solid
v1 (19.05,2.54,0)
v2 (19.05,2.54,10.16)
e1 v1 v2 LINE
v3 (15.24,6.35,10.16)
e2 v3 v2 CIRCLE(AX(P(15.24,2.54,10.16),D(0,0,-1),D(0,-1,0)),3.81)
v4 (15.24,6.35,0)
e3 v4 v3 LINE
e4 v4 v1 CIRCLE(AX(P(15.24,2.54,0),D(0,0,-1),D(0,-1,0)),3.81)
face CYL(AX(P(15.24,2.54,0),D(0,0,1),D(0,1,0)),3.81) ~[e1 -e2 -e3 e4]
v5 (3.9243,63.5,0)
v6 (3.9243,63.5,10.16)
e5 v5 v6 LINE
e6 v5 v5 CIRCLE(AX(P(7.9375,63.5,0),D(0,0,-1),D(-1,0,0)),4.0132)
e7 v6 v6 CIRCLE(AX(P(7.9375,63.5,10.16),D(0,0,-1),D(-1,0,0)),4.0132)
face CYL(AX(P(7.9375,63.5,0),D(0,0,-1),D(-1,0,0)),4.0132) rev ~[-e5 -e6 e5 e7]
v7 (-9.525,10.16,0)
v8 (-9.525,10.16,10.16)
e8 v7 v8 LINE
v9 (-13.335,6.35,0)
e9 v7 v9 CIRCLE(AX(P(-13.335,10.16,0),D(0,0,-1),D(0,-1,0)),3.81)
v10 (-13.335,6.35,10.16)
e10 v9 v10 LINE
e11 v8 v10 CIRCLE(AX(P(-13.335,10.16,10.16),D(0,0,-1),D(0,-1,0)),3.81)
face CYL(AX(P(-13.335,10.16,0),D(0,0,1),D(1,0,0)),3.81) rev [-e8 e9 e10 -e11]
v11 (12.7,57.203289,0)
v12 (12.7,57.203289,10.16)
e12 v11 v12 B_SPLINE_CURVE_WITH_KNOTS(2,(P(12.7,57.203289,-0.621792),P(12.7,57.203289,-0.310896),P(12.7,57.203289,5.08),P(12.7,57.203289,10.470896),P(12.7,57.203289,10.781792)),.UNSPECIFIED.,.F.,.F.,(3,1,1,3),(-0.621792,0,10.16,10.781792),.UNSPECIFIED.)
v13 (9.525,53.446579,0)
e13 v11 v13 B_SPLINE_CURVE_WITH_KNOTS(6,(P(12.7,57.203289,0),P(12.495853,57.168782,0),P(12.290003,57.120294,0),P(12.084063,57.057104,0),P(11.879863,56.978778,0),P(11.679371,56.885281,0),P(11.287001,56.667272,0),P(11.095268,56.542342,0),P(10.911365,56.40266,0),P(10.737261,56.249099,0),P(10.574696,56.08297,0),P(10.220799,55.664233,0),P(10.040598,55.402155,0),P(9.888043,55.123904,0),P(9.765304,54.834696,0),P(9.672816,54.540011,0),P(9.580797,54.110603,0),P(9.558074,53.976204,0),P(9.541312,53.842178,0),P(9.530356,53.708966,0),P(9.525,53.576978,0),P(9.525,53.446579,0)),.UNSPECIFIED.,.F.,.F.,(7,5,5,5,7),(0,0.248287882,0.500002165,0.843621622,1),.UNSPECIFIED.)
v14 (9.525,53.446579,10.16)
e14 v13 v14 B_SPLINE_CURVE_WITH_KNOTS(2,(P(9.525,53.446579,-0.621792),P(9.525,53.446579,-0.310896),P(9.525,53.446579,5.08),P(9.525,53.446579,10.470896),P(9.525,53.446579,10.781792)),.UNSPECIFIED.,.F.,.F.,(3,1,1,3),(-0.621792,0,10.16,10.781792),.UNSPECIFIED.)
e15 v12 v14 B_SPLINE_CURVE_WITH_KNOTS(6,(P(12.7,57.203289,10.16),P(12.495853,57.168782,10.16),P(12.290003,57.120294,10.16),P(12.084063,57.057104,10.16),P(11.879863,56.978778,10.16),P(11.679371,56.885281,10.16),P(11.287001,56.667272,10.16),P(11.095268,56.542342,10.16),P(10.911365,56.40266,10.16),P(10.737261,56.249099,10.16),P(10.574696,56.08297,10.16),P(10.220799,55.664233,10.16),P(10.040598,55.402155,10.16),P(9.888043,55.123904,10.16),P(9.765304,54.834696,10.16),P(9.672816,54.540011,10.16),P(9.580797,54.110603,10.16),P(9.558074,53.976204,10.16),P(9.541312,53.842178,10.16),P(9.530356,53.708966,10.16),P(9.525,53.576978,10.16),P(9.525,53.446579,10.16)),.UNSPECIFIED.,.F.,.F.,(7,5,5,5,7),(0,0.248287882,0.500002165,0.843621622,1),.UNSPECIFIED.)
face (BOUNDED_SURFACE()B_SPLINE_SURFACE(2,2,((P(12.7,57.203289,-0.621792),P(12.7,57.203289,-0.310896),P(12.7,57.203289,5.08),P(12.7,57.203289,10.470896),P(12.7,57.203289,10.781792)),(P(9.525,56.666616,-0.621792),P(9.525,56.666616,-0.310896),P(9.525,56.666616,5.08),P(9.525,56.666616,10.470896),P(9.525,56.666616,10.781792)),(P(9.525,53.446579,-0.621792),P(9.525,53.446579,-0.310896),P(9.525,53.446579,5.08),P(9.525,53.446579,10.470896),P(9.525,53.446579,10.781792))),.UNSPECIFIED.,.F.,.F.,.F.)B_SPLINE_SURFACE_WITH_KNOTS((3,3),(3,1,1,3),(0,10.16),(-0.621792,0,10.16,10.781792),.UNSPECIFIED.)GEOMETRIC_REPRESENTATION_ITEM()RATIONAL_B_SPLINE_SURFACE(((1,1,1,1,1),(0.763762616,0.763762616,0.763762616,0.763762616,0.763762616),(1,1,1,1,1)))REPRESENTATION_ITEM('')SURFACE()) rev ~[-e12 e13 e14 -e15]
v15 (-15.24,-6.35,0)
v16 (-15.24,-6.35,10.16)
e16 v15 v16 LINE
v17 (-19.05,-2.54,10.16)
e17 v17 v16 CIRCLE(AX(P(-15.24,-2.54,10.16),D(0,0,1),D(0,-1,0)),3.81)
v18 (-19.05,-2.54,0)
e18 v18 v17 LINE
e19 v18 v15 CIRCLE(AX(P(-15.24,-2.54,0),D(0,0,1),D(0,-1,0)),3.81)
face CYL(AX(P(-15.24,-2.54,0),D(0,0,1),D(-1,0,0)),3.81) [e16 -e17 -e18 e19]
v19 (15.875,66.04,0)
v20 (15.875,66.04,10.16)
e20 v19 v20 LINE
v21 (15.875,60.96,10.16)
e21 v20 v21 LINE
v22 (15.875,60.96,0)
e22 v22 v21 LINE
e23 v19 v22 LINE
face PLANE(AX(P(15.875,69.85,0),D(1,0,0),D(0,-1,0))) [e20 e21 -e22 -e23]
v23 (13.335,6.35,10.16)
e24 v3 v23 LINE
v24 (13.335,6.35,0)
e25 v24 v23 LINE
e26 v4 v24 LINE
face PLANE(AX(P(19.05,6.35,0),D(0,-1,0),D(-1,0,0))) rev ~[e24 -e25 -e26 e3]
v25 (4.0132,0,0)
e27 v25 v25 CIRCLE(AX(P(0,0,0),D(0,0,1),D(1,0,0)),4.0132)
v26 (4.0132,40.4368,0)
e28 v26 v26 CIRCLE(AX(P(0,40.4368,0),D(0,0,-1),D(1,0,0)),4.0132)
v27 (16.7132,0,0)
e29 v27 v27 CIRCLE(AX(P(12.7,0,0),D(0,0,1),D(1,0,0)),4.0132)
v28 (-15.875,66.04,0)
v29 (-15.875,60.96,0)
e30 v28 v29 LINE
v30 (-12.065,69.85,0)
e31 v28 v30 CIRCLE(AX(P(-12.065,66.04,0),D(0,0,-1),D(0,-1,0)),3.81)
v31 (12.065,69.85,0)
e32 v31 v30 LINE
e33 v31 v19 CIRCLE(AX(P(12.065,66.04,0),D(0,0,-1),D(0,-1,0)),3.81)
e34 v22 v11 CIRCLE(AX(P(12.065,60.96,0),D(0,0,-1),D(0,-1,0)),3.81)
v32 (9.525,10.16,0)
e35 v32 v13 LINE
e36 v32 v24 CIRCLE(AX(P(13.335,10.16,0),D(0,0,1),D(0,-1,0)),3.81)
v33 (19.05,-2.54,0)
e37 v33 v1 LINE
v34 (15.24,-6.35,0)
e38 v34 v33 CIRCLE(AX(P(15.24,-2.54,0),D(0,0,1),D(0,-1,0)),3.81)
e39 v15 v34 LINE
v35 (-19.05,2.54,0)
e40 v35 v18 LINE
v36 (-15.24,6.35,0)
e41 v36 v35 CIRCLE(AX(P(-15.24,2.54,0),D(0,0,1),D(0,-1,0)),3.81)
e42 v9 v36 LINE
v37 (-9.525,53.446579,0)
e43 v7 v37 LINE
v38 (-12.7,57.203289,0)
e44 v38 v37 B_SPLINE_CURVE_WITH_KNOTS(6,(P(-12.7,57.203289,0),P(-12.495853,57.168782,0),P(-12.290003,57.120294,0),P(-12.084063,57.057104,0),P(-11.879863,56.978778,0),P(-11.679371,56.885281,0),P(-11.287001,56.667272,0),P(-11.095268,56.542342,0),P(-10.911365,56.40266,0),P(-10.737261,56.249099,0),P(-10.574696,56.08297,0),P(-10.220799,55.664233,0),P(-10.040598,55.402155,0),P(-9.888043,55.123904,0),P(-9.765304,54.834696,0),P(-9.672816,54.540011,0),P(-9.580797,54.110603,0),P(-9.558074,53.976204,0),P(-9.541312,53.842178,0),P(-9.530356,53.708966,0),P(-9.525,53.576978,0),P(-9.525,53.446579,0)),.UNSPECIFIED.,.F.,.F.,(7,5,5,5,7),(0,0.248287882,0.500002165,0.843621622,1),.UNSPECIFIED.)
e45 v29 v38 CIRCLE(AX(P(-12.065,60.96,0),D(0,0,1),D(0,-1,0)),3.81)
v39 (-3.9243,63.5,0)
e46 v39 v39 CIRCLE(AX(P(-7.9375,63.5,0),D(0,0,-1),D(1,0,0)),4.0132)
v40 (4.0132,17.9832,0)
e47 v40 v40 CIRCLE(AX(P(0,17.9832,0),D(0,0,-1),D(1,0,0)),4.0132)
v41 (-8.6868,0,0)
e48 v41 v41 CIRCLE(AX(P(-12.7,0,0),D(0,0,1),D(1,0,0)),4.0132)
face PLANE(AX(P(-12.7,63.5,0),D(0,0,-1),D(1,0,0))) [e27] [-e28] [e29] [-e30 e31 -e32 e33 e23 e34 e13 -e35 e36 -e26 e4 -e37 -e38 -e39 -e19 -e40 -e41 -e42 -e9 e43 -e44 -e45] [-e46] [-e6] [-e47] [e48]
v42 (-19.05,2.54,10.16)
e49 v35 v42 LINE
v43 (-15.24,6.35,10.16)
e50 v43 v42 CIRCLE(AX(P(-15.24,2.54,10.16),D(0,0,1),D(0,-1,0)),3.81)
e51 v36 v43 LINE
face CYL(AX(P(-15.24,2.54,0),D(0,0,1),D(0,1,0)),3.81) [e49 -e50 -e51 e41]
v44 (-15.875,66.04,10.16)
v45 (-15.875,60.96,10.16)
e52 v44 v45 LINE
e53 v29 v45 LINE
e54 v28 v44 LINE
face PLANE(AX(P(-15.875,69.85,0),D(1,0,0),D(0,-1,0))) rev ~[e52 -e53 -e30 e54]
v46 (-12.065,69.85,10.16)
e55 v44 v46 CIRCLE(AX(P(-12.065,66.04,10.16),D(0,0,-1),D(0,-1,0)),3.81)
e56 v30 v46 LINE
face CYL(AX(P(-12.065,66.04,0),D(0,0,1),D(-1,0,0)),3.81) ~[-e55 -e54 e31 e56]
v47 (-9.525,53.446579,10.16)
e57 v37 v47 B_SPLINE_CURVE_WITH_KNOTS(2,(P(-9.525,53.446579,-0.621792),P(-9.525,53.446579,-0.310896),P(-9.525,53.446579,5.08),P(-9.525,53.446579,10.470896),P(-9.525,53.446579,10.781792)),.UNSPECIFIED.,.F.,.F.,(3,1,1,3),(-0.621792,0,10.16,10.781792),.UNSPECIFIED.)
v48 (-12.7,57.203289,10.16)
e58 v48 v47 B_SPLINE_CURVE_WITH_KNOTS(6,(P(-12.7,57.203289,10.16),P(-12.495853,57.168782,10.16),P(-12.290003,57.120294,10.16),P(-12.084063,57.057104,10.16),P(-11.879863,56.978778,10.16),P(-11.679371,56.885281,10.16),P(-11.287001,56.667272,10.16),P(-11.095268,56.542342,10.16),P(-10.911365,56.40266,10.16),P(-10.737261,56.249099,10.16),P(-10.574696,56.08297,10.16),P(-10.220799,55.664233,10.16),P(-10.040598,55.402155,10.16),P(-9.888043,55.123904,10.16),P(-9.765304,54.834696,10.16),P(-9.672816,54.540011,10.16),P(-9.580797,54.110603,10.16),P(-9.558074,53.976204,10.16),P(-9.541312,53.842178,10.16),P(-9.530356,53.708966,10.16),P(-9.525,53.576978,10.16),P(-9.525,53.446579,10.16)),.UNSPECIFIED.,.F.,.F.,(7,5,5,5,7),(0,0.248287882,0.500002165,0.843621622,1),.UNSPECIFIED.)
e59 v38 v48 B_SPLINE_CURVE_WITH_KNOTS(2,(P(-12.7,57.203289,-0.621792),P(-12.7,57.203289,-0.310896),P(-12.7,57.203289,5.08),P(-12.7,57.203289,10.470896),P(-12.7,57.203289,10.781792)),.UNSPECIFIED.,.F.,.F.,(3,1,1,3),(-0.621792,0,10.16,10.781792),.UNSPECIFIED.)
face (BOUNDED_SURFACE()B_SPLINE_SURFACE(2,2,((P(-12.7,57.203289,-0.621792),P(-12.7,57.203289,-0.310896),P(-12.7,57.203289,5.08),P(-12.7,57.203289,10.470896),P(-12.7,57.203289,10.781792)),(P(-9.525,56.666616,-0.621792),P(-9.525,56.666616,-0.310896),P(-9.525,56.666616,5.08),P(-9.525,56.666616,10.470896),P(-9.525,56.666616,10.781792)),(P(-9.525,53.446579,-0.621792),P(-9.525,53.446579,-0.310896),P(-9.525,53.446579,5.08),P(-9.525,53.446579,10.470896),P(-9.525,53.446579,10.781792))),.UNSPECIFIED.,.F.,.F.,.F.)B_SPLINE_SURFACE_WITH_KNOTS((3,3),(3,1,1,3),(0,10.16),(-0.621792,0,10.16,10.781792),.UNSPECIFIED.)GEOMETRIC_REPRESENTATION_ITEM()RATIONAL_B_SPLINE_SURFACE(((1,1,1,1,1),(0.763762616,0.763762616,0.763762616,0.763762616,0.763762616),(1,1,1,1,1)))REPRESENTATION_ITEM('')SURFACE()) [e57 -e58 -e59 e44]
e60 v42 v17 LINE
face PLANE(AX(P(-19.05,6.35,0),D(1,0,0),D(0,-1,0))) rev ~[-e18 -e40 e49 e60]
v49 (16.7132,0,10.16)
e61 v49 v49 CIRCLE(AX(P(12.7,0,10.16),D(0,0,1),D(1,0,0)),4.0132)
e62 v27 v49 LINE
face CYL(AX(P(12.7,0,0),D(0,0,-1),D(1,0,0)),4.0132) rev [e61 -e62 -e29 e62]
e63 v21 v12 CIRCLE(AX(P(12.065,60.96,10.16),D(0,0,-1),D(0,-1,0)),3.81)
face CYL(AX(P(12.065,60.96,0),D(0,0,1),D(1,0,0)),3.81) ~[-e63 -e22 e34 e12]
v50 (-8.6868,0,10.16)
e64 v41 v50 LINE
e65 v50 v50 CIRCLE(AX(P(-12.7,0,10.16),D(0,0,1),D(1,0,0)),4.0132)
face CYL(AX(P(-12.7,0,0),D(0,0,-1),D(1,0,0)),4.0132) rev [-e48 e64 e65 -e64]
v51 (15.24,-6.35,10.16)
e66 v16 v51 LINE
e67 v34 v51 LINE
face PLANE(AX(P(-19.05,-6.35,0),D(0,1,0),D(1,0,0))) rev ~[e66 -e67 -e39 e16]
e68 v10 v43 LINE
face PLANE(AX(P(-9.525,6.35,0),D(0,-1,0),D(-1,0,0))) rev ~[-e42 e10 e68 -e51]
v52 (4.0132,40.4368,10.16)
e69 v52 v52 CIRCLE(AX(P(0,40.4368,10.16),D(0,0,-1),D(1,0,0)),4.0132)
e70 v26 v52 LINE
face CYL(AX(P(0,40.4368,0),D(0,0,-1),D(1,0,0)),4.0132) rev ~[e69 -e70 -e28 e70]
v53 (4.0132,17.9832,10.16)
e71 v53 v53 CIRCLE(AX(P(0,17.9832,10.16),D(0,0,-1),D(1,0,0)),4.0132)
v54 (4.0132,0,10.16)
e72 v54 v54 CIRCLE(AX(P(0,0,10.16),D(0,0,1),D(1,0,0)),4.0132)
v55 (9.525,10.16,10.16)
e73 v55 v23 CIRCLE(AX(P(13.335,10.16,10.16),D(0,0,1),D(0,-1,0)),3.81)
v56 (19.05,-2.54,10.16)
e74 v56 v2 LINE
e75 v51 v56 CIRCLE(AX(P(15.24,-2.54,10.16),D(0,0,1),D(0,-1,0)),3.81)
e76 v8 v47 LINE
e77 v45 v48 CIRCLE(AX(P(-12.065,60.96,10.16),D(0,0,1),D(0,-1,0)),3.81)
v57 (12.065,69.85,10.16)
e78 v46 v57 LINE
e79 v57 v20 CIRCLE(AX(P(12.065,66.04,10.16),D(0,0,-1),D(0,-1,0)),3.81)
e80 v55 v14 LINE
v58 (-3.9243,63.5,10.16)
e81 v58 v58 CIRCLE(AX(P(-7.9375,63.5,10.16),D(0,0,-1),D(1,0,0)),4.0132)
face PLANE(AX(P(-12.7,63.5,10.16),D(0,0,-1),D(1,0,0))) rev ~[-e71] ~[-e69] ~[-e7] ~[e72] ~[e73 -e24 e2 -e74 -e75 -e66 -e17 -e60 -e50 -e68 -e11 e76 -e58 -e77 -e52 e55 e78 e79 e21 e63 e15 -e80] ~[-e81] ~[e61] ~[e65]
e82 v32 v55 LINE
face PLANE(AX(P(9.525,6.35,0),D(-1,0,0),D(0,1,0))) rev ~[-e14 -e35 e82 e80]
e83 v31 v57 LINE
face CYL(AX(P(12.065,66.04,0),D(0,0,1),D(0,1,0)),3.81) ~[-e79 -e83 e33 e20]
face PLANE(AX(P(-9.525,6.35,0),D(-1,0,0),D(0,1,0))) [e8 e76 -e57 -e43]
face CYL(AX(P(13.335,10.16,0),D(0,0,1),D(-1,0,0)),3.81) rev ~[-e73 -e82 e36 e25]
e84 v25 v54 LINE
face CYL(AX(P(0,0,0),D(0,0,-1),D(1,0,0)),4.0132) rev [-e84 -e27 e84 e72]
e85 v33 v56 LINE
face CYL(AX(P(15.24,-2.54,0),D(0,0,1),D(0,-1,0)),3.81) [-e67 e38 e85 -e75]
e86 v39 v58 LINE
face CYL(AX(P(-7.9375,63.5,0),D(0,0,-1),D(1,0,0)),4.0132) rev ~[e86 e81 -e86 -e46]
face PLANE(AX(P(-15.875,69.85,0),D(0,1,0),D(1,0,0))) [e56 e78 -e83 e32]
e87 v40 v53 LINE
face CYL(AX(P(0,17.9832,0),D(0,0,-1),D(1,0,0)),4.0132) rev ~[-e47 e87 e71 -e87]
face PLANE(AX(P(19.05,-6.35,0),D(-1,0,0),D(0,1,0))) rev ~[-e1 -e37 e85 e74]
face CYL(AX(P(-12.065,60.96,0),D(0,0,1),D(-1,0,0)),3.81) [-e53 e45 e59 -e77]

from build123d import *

# Parameters (mm, degrees)
F0_W      = 19.05
F0_H      = 63.5
F0_R      = 4.0132
F1_DEPTH  = 10.16
F2_R      = 4.0132
F3_DEPTH  = 25.4
F4_W      = 6.35
F4_H      = 12.7
F5_DEPTH  = 10.16
F7_DEPTH  = 25.4
F8_R      = 3.81
F9_R      = 3.81
F10_R     = 4.0132
F11_DEPTH = 25.4


with BuildPart() as f1:
    # F0 (on Top) → F1 (new body)
    with BuildSketch(Plane.XY):
        with Locations((0, 38.1)):
            Rectangle(F0_W, F0_H)
        Polygon((-19.05, -6.35), (19.05, -6.35), (19.05, 6.35), (9.525, 6.35), (-9.525, 6.35), (-19.05, 6.35), align=None)
        with Locations((-12.7, 0)):
            Circle(F0_R, mode=Mode.SUBTRACT)
        Circle(F0_R, mode=Mode.SUBTRACT)
        with Locations((12.7, 0)):
            Circle(F0_R, mode=Mode.SUBTRACT)
    extrude(amount=F1_DEPTH)

    # F2 (on face) → F3 (cut)
    with BuildSketch(Plane(origin=(0, 0, 0), x_dir=(1, 0, 0), z_dir=(0, 0, -1))):
        with Locations((0, -17.9832)):
            Circle(F2_R)
    extrude(amount=-F3_DEPTH, mode=Mode.SUBTRACT)

    # F4 (on face) → F5 (join)
    with BuildSketch(Plane(origin=(0, 0, 0), x_dir=(1, 0, 0), z_dir=(0, 0, -1))):
        with Locations((-12.7, -63.5)):
            Rectangle(F4_W, F4_H)
        with Locations((12.7, -63.5)):
            Rectangle(F4_W, F4_H)
    extrude(amount=-F5_DEPTH)

    # F6 (on face) → F7 (cut)
    with BuildSketch(Plane(origin=(0, 0, 0), x_dir=(1, 0, 0), z_dir=(0, 0, -1))):
        with BuildLine():
            ThreePointArc((-11.9507, -63.5), (-7.9375, -67.5132), (-3.9243, -63.5))
            Line((-3.9243, -63.5), (-11.9507, -63.5))
        make_face()
        with BuildLine():
            Line((-11.9507, -63.5), (-3.9243, -63.5))
            ThreePointArc((-3.9243, -63.5), (-7.9375, -59.4868), (-11.9507, -63.5))
        make_face()
        with BuildLine():
            Line((3.9243, -63.5), (11.9507, -63.5))
            ThreePointArc((11.9507, -63.5), (7.9375, -59.4868), (3.9243, -63.5))
        make_face()
        with BuildLine():
            ThreePointArc((3.9243, -63.5), (7.9375, -67.5132), (11.9507, -63.5))
            Line((11.9507, -63.5), (3.9243, -63.5))
        make_face()
    extrude(amount=-F7_DEPTH, mode=Mode.SUBTRACT)

    # F8
    f8_edges = [f1.edges().sort_by_distance(p)[0] for p in [
        (19.05, -6.35, 5.08),
        (-19.05, -6.35, 5.08),
        (-19.05, 6.35, 5.08),
        (19.05, 6.35, 5.08),
        (15.875, 57.15, 5.08),
        (15.875, 69.85, 5.08),
        (-15.875, 69.85, 5.08),
        (-15.875, 57.15, 5.08),
    ]]
    fillet(f8_edges, radius=F8_R)

    # F9
    f9_edges = [f1.edges().sort_by_distance(p)[0] for p in [
        (-9.525, 6.35, 5.08),
        (-9.525, 57.15, 5.08),
        (9.525, 6.35, 5.08),
        (9.525, 57.15, 5.08),
    ]]
    fillet(f9_edges, radius=F9_R)

    # F10 (on face) → F11 (cut)
    with BuildSketch(Plane(origin=(0, 0, 0), x_dir=(1, 0, 0), z_dir=(0, 0, -1))):
        with Locations((0, -40.4368)):
            Circle(F10_R)
    extrude(amount=-F11_DEPTH, mode=Mode.SUBTRACT)


solid = f1.part
